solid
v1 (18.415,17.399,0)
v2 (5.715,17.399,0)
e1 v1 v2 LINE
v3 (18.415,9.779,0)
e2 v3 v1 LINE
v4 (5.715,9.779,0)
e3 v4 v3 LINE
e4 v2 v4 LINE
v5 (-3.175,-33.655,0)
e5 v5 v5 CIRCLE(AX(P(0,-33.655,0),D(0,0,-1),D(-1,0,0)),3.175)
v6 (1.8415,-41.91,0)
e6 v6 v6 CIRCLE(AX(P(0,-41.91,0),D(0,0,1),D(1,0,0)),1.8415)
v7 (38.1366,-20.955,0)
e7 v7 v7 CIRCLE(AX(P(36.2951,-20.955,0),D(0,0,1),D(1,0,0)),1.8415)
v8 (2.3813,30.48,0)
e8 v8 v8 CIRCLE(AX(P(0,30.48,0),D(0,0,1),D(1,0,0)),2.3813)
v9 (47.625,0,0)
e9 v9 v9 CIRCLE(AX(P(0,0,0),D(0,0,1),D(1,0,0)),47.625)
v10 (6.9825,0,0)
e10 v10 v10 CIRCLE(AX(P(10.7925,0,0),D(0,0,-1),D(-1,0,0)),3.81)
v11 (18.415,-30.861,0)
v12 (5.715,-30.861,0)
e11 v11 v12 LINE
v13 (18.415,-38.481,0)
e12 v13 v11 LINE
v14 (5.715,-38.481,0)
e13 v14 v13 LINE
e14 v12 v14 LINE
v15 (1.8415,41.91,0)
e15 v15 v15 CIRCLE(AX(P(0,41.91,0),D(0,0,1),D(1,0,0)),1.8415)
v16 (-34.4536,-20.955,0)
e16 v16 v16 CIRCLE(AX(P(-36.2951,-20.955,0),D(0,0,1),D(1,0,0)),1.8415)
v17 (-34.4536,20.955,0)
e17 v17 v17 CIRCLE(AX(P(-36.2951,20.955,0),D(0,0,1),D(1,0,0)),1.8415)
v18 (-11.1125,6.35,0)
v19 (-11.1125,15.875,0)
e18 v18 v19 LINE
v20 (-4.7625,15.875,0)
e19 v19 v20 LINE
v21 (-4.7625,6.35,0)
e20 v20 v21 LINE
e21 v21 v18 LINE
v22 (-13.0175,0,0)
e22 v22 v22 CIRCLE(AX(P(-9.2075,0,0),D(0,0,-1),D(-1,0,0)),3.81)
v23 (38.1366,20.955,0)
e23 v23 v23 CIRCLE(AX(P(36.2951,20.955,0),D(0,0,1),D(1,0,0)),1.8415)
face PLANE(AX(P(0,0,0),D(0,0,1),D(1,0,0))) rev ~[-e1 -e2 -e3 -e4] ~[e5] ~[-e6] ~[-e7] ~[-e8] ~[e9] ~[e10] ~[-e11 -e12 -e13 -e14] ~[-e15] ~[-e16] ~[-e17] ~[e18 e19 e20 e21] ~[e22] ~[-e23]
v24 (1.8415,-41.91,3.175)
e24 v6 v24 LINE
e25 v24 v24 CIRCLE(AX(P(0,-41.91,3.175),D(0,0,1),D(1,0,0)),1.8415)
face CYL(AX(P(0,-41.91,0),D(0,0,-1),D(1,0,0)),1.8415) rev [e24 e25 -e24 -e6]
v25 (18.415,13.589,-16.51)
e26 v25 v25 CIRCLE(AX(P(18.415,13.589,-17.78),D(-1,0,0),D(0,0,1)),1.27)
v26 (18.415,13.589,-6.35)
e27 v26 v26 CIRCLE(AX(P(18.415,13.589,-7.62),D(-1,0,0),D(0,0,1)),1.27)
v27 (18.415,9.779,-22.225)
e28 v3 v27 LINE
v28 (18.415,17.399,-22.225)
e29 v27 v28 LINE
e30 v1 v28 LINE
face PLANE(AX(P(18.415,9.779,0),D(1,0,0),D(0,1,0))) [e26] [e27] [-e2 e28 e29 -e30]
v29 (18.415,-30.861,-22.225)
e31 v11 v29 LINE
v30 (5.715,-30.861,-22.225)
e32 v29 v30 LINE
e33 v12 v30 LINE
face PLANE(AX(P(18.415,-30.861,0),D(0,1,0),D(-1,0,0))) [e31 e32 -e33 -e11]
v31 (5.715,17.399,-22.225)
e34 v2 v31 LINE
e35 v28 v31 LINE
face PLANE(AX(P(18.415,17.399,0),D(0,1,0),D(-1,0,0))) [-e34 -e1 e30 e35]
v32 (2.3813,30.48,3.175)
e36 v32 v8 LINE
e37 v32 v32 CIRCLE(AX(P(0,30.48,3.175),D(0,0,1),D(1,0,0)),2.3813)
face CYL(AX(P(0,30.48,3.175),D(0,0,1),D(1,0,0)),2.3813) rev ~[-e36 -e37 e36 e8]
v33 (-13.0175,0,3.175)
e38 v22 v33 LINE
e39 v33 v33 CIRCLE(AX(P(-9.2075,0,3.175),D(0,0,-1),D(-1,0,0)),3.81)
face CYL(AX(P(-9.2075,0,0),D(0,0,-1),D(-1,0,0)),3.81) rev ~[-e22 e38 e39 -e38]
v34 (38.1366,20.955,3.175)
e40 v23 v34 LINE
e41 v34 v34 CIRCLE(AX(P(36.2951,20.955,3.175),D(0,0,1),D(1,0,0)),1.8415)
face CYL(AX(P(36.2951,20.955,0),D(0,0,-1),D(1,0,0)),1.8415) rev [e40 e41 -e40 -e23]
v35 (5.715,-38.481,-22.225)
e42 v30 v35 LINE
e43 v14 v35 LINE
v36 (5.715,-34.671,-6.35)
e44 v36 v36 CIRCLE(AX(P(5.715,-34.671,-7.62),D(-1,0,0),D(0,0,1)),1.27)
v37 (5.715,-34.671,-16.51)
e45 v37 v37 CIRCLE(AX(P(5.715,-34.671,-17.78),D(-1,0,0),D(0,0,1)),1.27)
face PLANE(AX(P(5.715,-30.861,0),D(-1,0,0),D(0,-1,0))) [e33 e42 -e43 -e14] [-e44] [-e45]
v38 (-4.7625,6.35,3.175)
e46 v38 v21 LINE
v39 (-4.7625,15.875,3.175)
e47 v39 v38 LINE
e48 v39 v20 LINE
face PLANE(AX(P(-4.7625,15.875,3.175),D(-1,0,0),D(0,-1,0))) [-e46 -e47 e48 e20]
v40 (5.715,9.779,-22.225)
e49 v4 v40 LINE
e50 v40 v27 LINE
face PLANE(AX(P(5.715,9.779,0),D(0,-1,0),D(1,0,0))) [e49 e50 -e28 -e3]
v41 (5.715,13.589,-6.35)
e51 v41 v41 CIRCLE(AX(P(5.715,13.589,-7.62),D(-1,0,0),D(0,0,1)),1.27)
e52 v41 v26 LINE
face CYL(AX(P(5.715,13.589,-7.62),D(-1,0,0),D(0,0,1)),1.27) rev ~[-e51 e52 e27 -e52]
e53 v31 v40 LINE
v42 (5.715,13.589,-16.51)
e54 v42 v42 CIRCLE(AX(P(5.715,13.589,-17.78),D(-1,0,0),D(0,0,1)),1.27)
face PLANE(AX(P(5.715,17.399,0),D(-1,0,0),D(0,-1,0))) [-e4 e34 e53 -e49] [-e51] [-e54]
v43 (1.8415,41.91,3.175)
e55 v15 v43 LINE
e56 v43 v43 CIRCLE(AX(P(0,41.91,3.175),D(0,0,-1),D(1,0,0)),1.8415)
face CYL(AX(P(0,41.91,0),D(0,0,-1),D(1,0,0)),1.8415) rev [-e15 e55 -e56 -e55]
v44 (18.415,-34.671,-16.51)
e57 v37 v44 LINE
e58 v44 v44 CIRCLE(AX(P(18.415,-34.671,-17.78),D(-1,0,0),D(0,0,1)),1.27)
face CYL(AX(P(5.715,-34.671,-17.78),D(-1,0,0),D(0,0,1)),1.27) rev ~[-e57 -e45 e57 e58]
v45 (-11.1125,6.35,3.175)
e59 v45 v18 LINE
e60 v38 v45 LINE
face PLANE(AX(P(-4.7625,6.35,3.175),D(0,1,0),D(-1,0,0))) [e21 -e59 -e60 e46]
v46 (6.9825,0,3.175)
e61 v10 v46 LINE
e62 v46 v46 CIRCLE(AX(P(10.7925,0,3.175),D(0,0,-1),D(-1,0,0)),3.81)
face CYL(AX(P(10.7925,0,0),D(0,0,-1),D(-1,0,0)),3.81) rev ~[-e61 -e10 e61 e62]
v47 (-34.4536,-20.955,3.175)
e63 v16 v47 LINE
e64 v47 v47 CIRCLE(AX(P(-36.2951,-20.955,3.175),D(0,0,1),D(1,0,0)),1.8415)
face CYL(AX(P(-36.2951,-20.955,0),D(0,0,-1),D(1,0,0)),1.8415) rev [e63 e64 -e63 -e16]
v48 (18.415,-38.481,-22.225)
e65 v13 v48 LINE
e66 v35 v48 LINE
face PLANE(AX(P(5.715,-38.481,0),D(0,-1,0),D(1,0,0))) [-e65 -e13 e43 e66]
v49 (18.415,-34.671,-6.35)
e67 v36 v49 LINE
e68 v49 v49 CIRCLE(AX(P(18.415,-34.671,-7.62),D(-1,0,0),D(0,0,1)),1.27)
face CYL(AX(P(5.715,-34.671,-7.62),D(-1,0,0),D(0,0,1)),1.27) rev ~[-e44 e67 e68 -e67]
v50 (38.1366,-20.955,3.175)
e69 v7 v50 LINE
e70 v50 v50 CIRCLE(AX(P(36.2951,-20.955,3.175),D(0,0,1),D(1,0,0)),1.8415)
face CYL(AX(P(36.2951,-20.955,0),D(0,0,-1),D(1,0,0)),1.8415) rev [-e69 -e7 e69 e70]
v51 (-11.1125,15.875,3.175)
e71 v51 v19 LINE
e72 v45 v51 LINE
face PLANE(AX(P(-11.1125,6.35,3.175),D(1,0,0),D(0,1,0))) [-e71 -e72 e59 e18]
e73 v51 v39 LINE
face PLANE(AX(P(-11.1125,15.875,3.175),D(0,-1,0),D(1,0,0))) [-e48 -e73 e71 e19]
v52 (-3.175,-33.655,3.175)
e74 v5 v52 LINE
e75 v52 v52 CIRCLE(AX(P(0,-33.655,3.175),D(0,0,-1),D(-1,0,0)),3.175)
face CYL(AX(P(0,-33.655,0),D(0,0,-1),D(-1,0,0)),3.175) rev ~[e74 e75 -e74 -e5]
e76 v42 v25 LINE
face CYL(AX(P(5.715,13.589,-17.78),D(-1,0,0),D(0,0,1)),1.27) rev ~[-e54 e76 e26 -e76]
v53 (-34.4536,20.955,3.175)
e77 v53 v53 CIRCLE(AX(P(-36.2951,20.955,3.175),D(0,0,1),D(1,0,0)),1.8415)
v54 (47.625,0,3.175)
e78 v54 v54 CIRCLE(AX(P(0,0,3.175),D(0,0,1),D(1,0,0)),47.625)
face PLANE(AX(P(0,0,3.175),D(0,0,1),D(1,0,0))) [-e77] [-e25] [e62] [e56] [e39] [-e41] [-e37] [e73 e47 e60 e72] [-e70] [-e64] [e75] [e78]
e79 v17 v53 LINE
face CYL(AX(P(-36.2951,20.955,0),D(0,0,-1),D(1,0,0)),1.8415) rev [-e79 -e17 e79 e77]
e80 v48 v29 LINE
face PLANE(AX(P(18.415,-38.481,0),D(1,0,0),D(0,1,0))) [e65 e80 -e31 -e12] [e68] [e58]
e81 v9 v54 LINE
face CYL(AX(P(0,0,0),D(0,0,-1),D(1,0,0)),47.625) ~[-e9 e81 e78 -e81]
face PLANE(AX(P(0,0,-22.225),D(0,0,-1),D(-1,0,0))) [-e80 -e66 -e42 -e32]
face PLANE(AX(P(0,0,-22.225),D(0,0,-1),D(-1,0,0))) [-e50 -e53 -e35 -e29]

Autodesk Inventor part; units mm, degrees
ref_plane "YZ Plane" through (0, 0, 0) normal (1, 0, 0) x (0, 1, 0)
ref_plane "XZ Plane" through (0, 0, 0) normal (0, 1, 0) x (-1, 0, 0)
ref_plane "XY Plane" through (0, 0, 0) normal (0, 0, 1) x (1, 0, 0)
sketch "Sketch1" plane through (0, 0, 0) normal (0, 0, 1) x (1, 0, 0)
  circle A0 centre (0, 0) radius 47.625
  line L0 (0, 0) -> (0, 41.91)
  line L1 (0, 0) -> (41.91, 0) construction
  circle A1 centre (0, 41.91) radius 1.8415
  circle A2 centre (-36.2951, 20.955) radius 1.8415
  circle A3 centre (-36.2951, -20.955) radius 1.8415
  circle A4 centre (0, -41.91) radius 1.8415
  circle A5 centre (36.2951, -20.955) radius 1.8415
  circle A6 centre (36.2951, 20.955) radius 1.8415
  dimension "d0" = 95.25
  dimension "d1" = 41.91
  dimension "d2" = 90
  dimension "d3" = 3.683
  dimension "d6" = 360
extrude "Extrusion1" add sketch "Sketch1" along normal blind 3.175
sketch "Sketch2" plane through (0, 0, 0) normal (0, 0, -1) x (-1, 0, 0)
  line L0 (-18.415, 17.399) -> (-5.715, 17.399)
  line L1 (-5.715, 17.399) -> (-5.715, 9.779)
  line L2 (-5.715, 9.779) -> (-18.415, 9.779)
  line L3 (-18.415, 9.779) -> (-18.415, 17.399)
  line L4 (-18.415, -30.861) -> (-5.715, -30.861)
  line L5 (-5.715, -30.861) -> (-5.715, -38.481)
  line L6 (-5.715, -38.481) -> (-18.415, -38.481)
  line L7 (-18.415, -38.481) -> (-18.415, -30.861)
  point P0 (0, 0)
  dimension "d10" = 40.64
  dimension "d11" = 9.779
  dimension "d12" = 7.62
  dimension "d13" = 7.62
  dimension "d14" = 12.7
  dimension "d31" = 5.715
extrude "Extrusion2" add sketch "Sketch2" along normal blind 22.225
sketch "Sketch3" plane through (0, 0, 3.175) normal (0, 0, 1) x (1, 0, 0)
  line L0 (-11.1125, 15.875) -> (-4.7625, 15.875)
  line L1 (-4.7625, 15.875) -> (-4.7625, 6.35)
  line L2 (-4.7625, 6.35) -> (-11.1125, 6.35)
  line L3 (-11.1125, 6.35) -> (-11.1125, 15.875)
  point P0 (0, 0)
  dimension "d18" = 6.35
  dimension "d19" = 9.525
  dimension "d33" = 4.7625
  dimension "d34" = 6.35
extrude "Extrusion3" cut sketch "Sketch3" against normal blind 19.05
sketch "Sketch4" plane through (5.715, -38.481, 0) normal (-1, 0, 0) x (0, 0, 1)
  line L0 (0, 7.62) -> (0, 0) projected
  line L1 (0, 7.62) -> (-22.225, 7.62) projected
  line L2 (-22.225, 0) -> (-22.225, 7.62) projected
  line L3 (0, 0) -> (-22.225, 0) projected
  circle A0 centre (-17.78, 3.81) radius 1.27
  circle A1 centre (-7.62, 3.81) radius 1.27
  line L4 (0, 7.62) -> (-22.225, 7.62) projected
  line L5 (0, 55.88) -> (0, 48.26) projected
  line L6 (0, 55.88) -> (-22.225, 55.88) projected
  line L7 (-22.225, 48.26) -> (-22.225, 55.88) projected
  line L8 (0, 48.26) -> (-22.225, 48.26) projected
  circle A2 centre (-17.78, 52.07) radius 1.27
  circle A3 centre (-7.62, 52.07) radius 1.27
  point P0 (0, 38.481)
  dimension "d22" = 2.54
  dimension "d23" = 2.54
  dimension "d24" = 3.81
  dimension "d25" = 10.16
  dimension "d27" = 2.54
  dimension "d28" = 2.54
  dimension "d32" = 4.445
extrude "Extrusion4" cut sketch "Sketch4" against normal blind 19.05 contours A0 | A1 | A2 | A3
sketch "Sketch8" plane through (0, 0, 0) normal (0, 0, -1) x (-1, 0, 0)
  line L0 (11.1125, 15.875) -> (11.1125, 6.35) projected
  line L1 (11.1125, 6.35) -> (4.7625, 6.35) projected
  line L2 (4.7625, 6.35) -> (4.7625, 15.875) projected
  line L3 (4.7625, 15.875) -> (11.1125, 15.875) projected
  line L4 (-5.715, 17.399) -> (-5.715, 9.779) projected
  line L5 (-5.715, 9.779) -> (-18.415, 9.779) projected
  line L6 (-18.415, 9.779) -> (-18.415, 17.399) projected
  line L7 (-18.415, 17.399) -> (-5.715, 17.399) projected
  line L8 (-5.715, -30.861) -> (-5.715, -38.481) projected
  line L9 (-5.715, -38.481) -> (-18.415, -38.481) projected
  line L10 (-18.415, -38.481) -> (-18.415, -30.861) projected
  line L11 (-18.415, -30.861) -> (-5.715, -30.861) projected
  circle A0 centre (-36.2951, 20.955) radius 1.8415 projected
  circle A1 centre (-36.2951, -20.955) radius 1.8415 projected
  circle A2 centre (0, -41.91) radius 1.8415 projected
  circle A3 centre (36.2951, -20.955) radius 1.8415 projected
  circle A4 centre (36.2951, 20.955) radius 1.8415 projected
  circle A5 centre (0, 41.91) radius 1.8415 projected
  circle A6 centre (0, 0) radius 47.625 projected
  circle A7 centre (9.2075, 0) radius 3.81
  circle A8 centre (-10.7925, 0) radius 3.81
  dimension "d42" = 7.62
  dimension "d43" = 6.35
  dimension "d44" = 1.905
  dimension "d45" = 7.62
  dimension "d46" = 20
extrude "Extrusion6" cut sketch "Sketch8" against normal blind 25.4 contours A7 | A8
sketch "Sketch10" plane through (0, 0, 3.175) normal (0, 0, 1) x (1, 0, 0)
  circle A0 centre (0, 30.48) radius 2.3813
  point P0 (0, 0)
  dimension "d53" = 4.7625
  dimension "d54" = 30.48
extrude "Extrusion8" cut sketch "Sketch10" against normal through all
sketch "Sketch11" plane through (0, 0, 0) normal (0, 0, -1) x (-1, 0, 0)
  circle A0 centre (0, -33.655) radius 3.175
  point P0 (0, 0)
  dimension "d57" = 6.35
  dimension "d58" = 33.655
extrude "Extrusion9" cut sketch "Sketch11" against normal blind 25.4
sketch "Sketch9" plane through (0, 0, 3.175) normal (0, 0, 1) x (1, 0, 0)
  circle A0 centre (0, 0) radius 47.625
  circle A1 centre (0, 0) radius 47.625 projected
  circle A2 centre (0, 0) radius 47.117
  dimension "d49" = 95.25
  dimension "d50" = 94.234
extrude "PRINT_FEATURE_1" [suppressed]
properties part number "foreElectronicsSealingWallRear" material "ABS Plastic"
